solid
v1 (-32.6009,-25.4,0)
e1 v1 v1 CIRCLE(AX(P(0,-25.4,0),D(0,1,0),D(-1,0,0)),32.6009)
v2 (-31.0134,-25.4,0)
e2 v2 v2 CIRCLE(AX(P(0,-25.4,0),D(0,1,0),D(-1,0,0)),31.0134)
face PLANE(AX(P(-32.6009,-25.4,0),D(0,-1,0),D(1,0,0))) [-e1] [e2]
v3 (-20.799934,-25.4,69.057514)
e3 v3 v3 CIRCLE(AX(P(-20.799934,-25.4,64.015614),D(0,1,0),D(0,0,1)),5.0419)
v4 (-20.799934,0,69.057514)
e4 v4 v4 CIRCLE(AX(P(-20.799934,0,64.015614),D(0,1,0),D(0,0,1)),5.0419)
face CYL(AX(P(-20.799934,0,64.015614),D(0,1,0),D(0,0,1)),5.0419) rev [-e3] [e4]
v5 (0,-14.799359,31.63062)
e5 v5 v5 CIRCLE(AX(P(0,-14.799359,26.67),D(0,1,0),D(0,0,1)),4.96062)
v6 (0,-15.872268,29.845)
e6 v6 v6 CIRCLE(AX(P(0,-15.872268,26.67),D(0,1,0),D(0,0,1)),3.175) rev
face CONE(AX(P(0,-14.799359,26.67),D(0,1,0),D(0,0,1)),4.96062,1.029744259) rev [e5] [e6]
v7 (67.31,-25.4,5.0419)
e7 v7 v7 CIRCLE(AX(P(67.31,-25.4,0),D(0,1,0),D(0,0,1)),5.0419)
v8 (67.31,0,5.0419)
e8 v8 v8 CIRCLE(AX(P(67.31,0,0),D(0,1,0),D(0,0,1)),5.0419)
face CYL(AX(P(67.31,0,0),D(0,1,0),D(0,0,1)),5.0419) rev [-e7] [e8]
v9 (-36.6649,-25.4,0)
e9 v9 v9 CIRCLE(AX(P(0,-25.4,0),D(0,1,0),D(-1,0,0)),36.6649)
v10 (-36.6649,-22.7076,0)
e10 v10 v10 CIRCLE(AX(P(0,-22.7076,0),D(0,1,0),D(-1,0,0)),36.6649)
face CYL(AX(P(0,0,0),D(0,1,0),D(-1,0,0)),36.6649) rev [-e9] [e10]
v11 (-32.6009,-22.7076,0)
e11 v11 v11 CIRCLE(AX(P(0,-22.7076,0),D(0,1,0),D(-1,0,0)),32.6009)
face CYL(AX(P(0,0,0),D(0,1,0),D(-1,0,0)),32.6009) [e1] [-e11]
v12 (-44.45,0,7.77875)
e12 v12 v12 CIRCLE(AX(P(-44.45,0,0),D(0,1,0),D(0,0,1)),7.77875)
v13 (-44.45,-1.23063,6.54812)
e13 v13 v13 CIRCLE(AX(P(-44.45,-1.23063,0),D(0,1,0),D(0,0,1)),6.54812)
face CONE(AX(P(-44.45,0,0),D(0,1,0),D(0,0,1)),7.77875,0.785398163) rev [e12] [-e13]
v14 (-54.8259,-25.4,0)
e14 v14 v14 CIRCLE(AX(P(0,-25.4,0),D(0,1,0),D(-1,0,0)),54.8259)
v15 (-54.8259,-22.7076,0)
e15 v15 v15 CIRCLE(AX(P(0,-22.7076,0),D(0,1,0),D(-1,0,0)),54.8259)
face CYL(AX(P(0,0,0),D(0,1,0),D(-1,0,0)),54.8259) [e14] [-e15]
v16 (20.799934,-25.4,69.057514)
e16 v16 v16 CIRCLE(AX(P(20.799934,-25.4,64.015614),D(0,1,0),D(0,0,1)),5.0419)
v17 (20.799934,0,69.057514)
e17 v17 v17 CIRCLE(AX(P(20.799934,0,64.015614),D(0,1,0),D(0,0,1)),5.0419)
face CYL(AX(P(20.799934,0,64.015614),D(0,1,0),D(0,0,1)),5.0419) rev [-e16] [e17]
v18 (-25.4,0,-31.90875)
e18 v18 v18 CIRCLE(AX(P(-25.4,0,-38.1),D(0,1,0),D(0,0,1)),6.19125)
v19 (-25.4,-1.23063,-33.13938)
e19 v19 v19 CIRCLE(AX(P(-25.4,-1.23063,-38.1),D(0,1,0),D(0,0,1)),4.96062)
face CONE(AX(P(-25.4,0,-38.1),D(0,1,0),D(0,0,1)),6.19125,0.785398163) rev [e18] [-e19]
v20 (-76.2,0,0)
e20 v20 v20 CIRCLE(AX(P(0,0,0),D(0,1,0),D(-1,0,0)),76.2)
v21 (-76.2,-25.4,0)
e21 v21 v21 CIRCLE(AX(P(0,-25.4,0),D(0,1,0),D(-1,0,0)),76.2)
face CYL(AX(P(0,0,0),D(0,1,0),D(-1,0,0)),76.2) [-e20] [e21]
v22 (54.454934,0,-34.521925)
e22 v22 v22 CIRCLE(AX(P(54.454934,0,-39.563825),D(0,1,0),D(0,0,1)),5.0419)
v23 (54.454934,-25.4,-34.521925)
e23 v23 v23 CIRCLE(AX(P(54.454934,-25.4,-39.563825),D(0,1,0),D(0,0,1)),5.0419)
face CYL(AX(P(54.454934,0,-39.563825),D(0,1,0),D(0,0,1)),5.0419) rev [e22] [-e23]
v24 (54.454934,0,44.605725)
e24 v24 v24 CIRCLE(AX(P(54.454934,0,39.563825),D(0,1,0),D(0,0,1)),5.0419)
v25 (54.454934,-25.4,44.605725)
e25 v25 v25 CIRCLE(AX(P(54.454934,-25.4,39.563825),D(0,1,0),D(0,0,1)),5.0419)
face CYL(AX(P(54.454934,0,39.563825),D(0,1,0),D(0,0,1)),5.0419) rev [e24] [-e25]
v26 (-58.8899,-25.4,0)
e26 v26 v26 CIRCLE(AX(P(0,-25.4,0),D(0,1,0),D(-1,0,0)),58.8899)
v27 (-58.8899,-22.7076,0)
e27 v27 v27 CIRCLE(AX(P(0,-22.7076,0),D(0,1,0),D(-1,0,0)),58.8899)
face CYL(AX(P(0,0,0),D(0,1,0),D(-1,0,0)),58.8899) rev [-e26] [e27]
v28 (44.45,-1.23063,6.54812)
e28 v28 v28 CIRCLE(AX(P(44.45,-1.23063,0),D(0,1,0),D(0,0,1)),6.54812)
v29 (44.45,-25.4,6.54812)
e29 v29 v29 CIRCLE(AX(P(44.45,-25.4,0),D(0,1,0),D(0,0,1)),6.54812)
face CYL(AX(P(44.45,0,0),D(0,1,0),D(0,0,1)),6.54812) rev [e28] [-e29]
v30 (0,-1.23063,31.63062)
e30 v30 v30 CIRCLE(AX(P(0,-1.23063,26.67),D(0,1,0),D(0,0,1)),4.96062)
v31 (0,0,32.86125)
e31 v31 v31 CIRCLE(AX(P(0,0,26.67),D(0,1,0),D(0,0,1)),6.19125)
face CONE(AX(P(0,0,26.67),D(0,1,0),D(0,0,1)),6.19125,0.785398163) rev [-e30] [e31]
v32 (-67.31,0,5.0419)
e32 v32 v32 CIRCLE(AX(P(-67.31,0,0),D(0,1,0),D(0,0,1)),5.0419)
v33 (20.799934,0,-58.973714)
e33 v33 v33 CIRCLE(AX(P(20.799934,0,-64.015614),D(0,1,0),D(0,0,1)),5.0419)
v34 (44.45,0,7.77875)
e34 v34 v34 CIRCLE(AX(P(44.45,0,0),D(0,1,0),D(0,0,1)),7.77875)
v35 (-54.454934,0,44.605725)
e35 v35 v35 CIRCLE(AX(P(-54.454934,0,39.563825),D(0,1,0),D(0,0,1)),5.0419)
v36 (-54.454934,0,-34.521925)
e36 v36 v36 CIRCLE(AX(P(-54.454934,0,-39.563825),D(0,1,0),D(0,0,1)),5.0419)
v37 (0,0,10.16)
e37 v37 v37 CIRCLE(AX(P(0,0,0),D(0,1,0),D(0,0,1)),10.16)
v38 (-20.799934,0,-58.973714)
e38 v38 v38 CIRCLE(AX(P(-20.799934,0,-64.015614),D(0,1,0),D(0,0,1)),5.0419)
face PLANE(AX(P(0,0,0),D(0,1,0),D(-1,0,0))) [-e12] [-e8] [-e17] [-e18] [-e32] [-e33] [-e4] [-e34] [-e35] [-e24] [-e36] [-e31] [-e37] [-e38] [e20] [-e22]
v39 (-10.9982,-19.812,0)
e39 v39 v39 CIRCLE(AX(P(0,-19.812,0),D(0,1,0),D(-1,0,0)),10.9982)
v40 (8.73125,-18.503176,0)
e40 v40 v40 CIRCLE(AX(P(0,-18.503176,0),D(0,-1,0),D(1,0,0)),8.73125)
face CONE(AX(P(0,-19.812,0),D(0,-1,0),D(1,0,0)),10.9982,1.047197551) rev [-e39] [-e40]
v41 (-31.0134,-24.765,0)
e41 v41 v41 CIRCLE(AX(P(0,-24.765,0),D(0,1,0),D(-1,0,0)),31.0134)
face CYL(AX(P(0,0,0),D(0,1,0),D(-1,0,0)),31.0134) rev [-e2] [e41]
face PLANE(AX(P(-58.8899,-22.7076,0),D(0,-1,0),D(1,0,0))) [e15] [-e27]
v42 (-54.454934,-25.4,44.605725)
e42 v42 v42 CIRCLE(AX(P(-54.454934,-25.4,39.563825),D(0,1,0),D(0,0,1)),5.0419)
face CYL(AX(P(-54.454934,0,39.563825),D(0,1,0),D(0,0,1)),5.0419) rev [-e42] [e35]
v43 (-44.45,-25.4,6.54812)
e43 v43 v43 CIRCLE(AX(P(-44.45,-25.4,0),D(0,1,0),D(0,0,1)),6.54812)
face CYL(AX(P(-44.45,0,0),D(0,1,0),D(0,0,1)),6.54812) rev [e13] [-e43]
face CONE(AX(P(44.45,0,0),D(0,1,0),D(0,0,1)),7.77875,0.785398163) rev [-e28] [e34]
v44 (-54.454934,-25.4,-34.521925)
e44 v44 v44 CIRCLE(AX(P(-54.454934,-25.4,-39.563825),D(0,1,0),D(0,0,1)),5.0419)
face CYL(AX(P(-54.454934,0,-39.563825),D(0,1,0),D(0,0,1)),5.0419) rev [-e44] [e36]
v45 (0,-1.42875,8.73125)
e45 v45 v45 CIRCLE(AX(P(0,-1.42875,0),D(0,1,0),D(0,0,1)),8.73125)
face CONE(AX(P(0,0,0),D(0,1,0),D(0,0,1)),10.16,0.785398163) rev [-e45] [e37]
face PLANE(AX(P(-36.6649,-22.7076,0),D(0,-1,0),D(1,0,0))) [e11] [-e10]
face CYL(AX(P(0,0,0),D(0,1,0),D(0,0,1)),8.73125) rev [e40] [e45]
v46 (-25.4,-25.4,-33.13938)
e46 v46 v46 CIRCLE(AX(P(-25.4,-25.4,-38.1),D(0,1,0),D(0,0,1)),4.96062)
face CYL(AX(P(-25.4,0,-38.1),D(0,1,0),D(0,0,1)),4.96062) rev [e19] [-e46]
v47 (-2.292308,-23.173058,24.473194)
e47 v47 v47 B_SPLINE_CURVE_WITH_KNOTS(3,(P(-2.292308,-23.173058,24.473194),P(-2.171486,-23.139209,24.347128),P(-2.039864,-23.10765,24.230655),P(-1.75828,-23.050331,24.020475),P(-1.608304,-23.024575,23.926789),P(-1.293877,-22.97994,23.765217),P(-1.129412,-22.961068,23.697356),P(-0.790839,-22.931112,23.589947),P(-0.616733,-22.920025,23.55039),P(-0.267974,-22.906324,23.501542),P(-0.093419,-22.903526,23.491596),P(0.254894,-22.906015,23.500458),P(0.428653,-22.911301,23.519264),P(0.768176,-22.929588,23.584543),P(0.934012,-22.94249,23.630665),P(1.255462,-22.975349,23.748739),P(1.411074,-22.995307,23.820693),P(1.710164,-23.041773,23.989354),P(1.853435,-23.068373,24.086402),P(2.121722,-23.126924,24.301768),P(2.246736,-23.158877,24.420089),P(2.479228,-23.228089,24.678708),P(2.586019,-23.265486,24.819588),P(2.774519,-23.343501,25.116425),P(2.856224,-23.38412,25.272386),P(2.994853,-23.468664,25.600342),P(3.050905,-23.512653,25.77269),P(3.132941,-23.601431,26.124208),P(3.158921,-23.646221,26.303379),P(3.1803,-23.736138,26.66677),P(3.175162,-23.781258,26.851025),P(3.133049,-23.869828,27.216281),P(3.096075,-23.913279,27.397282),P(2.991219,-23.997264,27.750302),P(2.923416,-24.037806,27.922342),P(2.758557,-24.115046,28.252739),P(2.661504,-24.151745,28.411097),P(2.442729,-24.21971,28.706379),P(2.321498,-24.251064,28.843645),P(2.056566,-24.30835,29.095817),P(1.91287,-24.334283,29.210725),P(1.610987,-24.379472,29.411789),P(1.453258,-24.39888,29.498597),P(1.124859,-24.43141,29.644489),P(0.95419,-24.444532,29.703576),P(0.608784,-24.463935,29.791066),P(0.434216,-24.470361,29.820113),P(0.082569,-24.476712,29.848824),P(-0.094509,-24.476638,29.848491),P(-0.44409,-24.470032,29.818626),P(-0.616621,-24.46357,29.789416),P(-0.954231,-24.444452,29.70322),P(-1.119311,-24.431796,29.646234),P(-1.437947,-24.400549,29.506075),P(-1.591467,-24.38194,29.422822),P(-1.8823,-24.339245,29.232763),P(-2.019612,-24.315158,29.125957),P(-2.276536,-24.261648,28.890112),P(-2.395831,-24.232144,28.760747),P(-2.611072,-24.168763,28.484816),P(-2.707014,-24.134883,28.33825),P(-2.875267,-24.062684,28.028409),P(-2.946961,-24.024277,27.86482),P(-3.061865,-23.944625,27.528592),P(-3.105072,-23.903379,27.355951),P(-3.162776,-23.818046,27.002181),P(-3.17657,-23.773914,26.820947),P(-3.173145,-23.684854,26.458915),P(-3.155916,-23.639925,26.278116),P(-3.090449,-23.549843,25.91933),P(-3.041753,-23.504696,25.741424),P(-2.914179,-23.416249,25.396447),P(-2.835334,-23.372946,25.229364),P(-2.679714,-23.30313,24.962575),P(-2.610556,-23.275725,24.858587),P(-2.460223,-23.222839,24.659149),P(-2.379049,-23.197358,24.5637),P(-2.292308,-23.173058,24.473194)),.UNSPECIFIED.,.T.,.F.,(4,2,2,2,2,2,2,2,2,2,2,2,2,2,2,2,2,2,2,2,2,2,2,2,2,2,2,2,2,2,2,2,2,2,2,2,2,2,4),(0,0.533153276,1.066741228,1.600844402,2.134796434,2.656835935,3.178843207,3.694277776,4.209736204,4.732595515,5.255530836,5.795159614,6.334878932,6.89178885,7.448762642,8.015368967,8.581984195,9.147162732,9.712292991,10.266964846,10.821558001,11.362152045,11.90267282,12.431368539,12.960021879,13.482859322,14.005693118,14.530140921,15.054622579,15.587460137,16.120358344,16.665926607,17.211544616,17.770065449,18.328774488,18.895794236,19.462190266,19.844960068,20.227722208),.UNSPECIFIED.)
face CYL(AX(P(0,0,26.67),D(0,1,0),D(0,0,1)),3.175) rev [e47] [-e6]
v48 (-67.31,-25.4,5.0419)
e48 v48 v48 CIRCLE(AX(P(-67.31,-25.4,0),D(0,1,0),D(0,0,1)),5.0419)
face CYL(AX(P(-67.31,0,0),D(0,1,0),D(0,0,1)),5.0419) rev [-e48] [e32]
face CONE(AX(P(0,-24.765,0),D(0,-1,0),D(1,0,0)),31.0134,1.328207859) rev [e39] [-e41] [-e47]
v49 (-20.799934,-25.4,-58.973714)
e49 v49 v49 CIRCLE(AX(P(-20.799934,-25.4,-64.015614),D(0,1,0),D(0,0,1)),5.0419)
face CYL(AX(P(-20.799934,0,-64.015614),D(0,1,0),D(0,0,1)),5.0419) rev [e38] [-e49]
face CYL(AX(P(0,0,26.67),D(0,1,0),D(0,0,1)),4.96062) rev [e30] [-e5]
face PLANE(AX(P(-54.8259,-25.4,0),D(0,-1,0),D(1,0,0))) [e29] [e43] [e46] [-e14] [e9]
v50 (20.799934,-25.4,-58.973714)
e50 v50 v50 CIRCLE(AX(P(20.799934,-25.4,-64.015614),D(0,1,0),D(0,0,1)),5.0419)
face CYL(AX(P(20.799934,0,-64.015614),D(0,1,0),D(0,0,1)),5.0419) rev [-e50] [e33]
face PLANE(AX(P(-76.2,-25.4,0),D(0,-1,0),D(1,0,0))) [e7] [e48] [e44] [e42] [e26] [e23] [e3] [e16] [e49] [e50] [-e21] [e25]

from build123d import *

# Parameters (mm, degrees)
F_3_4_16_TAPPED_HOLE1_D            = 17.4625
F_3_4_16_TAPPED_HOLE1_CSINK_D      = 20.32
F_3_4_16_TAPPED_HOLE1_CSINK_ANGLE  = 90
F_9_16_18_TAPPED_HOLE1_D           = 13.09624
F_9_16_18_TAPPED_HOLE1_CSINK_D     = 15.5575
F_9_16_18_TAPPED_HOLE1_CSINK_ANGLE = 90
F_3_8_CLEARANCE_HOLE2_D            = 10.0838
CIRPATTERN1_COUNT                  = 10
F_7_16_20_TAPPED_HOLE1_D           = 9.92124
F_7_16_20_TAPPED_HOLE1_DEPTH       = 14.799358796
F_7_16_20_TAPPED_HOLE1_CSINK_D     = 12.3825
F_7_16_20_TAPPED_HOLE1_CSINK_ANGLE = 90
F_7_16_20_TAPPED_HOLE1_TIP         = 2.980641204
F_7_16_20_TAPPED_HOLE2_D           = 9.92124
F_7_16_20_TAPPED_HOLE2_CSINK_D     = 12.3825
F_7_16_20_TAPPED_HOLE2_CSINK_ANGLE = 90
F_1_4_0_25_DIAMETER_HOLE2_D        = 6.35
F_1_4_0_25_DIAMETER_HOLE2_DEPTH    = 72.260267535
F_1_4_0_25_DIAMETER_HOLE2_TIP      = 1.907732465


with BuildPart() as part:
    # Sketch1 → Revolve1 (revolve)
    with BuildSketch(Plane.XY):
        Polygon((0, 0), (-76.2, 0), (-76.2, -25.4), (-58.8899, -25.4), (-58.8899, -22.7076), (-54.8259, -22.7076), (-54.8259, -25.4), (-36.6649, -25.4), (-36.6649, -22.7076), (-32.6009, -22.7076), (-32.6009, -25.4), (-31.0134, -25.4), (-31.0134, -24.765), (-10.9982, -19.812), (0, -13.462186269), align=None)
    revolve(axis=Axis((0, 0, 0), (0, -1, 0)))

    # 3/4-16 Tapped Hole1 (through all)
    with Locations(Plane(origin=(0, 0, 0), x_dir=(1, 0, 0), z_dir=(0, 1, 0))):
        with Locations((0, 0)):
            CounterSinkHole(F_3_4_16_TAPPED_HOLE1_D / 2, F_3_4_16_TAPPED_HOLE1_CSINK_D / 2, counter_sink_angle=F_3_4_16_TAPPED_HOLE1_CSINK_ANGLE)

    # 9/16-18 Tapped Hole1 (through all)
    with Locations(Plane(origin=(0, 0, 0), x_dir=(1, 0, 0), z_dir=(0, 1, 0))):
        with Locations((-44.45, 0), (44.45, 0)):
            CounterSinkHole(F_9_16_18_TAPPED_HOLE1_D / 2, F_9_16_18_TAPPED_HOLE1_CSINK_D / 2, counter_sink_angle=F_9_16_18_TAPPED_HOLE1_CSINK_ANGLE)

    # 3/8 Clearance Hole2 (through all)
    with Locations(Plane(origin=(67.31, 0, 0), x_dir=(0, 0, 1), z_dir=(0, 1, 0))):
        with Locations((0, 0)):
            f_3_8_clearance_hole2 = Hole(F_3_8_CLEARANCE_HOLE2_D / 2)

    # CirPattern1: 3/8 Clearance Hole2 ×10 about axis
    cirpattern1_axis = Axis((0, 0, 0), (0, 1, 0))
    for i in range(1, CIRPATTERN1_COUNT):
        add(f_3_8_clearance_hole2.rotate(cirpattern1_axis, i * 360 / CIRPATTERN1_COUNT), mode=Mode.SUBTRACT)

    # 7/16-20 Tapped Hole1
    with Locations(Plane(origin=(0, 0, 26.67), x_dir=(1, 0, 0), z_dir=(0, 1, 0))):
        with Locations((0, 0)):
            CounterSinkHole(F_7_16_20_TAPPED_HOLE1_D / 2, F_7_16_20_TAPPED_HOLE1_CSINK_D / 2, depth=F_7_16_20_TAPPED_HOLE1_DEPTH, counter_sink_angle=F_7_16_20_TAPPED_HOLE1_CSINK_ANGLE)
            with Locations((0, 0, -(F_7_16_20_TAPPED_HOLE1_DEPTH + F_7_16_20_TAPPED_HOLE1_TIP / 2))):  # 118° drill point
                Cone(0, F_7_16_20_TAPPED_HOLE1_D / 2, F_7_16_20_TAPPED_HOLE1_TIP, mode=Mode.SUBTRACT)

    # 7/16-20 Tapped Hole2 (through all)
    with Locations(Plane(origin=(-25.4, 0, -38.1), x_dir=(0, 0, 1), z_dir=(0, 1, 0))):
        with Locations((0, 0)):
            CounterSinkHole(F_7_16_20_TAPPED_HOLE2_D / 2, F_7_16_20_TAPPED_HOLE2_CSINK_D / 2, counter_sink_angle=F_7_16_20_TAPPED_HOLE2_CSINK_ANGLE)

    # 1/4 (0.25) Diameter Hole2
    with Locations(Plane(origin=(0, 0, 0), x_dir=(1, 0, 0), z_dir=(0, 1, 0))):
        with Locations((0, -26.67)):
            Hole(F_1_4_0_25_DIAMETER_HOLE2_D / 2, depth=F_1_4_0_25_DIAMETER_HOLE2_DEPTH)
            with Locations((0, 0, -(F_1_4_0_25_DIAMETER_HOLE2_DEPTH + F_1_4_0_25_DIAMETER_HOLE2_TIP / 2))):  # 118° drill point
                Cone(0, F_1_4_0_25_DIAMETER_HOLE2_D / 2, F_1_4_0_25_DIAMETER_HOLE2_TIP, mode=Mode.SUBTRACT)


solid = part.part
